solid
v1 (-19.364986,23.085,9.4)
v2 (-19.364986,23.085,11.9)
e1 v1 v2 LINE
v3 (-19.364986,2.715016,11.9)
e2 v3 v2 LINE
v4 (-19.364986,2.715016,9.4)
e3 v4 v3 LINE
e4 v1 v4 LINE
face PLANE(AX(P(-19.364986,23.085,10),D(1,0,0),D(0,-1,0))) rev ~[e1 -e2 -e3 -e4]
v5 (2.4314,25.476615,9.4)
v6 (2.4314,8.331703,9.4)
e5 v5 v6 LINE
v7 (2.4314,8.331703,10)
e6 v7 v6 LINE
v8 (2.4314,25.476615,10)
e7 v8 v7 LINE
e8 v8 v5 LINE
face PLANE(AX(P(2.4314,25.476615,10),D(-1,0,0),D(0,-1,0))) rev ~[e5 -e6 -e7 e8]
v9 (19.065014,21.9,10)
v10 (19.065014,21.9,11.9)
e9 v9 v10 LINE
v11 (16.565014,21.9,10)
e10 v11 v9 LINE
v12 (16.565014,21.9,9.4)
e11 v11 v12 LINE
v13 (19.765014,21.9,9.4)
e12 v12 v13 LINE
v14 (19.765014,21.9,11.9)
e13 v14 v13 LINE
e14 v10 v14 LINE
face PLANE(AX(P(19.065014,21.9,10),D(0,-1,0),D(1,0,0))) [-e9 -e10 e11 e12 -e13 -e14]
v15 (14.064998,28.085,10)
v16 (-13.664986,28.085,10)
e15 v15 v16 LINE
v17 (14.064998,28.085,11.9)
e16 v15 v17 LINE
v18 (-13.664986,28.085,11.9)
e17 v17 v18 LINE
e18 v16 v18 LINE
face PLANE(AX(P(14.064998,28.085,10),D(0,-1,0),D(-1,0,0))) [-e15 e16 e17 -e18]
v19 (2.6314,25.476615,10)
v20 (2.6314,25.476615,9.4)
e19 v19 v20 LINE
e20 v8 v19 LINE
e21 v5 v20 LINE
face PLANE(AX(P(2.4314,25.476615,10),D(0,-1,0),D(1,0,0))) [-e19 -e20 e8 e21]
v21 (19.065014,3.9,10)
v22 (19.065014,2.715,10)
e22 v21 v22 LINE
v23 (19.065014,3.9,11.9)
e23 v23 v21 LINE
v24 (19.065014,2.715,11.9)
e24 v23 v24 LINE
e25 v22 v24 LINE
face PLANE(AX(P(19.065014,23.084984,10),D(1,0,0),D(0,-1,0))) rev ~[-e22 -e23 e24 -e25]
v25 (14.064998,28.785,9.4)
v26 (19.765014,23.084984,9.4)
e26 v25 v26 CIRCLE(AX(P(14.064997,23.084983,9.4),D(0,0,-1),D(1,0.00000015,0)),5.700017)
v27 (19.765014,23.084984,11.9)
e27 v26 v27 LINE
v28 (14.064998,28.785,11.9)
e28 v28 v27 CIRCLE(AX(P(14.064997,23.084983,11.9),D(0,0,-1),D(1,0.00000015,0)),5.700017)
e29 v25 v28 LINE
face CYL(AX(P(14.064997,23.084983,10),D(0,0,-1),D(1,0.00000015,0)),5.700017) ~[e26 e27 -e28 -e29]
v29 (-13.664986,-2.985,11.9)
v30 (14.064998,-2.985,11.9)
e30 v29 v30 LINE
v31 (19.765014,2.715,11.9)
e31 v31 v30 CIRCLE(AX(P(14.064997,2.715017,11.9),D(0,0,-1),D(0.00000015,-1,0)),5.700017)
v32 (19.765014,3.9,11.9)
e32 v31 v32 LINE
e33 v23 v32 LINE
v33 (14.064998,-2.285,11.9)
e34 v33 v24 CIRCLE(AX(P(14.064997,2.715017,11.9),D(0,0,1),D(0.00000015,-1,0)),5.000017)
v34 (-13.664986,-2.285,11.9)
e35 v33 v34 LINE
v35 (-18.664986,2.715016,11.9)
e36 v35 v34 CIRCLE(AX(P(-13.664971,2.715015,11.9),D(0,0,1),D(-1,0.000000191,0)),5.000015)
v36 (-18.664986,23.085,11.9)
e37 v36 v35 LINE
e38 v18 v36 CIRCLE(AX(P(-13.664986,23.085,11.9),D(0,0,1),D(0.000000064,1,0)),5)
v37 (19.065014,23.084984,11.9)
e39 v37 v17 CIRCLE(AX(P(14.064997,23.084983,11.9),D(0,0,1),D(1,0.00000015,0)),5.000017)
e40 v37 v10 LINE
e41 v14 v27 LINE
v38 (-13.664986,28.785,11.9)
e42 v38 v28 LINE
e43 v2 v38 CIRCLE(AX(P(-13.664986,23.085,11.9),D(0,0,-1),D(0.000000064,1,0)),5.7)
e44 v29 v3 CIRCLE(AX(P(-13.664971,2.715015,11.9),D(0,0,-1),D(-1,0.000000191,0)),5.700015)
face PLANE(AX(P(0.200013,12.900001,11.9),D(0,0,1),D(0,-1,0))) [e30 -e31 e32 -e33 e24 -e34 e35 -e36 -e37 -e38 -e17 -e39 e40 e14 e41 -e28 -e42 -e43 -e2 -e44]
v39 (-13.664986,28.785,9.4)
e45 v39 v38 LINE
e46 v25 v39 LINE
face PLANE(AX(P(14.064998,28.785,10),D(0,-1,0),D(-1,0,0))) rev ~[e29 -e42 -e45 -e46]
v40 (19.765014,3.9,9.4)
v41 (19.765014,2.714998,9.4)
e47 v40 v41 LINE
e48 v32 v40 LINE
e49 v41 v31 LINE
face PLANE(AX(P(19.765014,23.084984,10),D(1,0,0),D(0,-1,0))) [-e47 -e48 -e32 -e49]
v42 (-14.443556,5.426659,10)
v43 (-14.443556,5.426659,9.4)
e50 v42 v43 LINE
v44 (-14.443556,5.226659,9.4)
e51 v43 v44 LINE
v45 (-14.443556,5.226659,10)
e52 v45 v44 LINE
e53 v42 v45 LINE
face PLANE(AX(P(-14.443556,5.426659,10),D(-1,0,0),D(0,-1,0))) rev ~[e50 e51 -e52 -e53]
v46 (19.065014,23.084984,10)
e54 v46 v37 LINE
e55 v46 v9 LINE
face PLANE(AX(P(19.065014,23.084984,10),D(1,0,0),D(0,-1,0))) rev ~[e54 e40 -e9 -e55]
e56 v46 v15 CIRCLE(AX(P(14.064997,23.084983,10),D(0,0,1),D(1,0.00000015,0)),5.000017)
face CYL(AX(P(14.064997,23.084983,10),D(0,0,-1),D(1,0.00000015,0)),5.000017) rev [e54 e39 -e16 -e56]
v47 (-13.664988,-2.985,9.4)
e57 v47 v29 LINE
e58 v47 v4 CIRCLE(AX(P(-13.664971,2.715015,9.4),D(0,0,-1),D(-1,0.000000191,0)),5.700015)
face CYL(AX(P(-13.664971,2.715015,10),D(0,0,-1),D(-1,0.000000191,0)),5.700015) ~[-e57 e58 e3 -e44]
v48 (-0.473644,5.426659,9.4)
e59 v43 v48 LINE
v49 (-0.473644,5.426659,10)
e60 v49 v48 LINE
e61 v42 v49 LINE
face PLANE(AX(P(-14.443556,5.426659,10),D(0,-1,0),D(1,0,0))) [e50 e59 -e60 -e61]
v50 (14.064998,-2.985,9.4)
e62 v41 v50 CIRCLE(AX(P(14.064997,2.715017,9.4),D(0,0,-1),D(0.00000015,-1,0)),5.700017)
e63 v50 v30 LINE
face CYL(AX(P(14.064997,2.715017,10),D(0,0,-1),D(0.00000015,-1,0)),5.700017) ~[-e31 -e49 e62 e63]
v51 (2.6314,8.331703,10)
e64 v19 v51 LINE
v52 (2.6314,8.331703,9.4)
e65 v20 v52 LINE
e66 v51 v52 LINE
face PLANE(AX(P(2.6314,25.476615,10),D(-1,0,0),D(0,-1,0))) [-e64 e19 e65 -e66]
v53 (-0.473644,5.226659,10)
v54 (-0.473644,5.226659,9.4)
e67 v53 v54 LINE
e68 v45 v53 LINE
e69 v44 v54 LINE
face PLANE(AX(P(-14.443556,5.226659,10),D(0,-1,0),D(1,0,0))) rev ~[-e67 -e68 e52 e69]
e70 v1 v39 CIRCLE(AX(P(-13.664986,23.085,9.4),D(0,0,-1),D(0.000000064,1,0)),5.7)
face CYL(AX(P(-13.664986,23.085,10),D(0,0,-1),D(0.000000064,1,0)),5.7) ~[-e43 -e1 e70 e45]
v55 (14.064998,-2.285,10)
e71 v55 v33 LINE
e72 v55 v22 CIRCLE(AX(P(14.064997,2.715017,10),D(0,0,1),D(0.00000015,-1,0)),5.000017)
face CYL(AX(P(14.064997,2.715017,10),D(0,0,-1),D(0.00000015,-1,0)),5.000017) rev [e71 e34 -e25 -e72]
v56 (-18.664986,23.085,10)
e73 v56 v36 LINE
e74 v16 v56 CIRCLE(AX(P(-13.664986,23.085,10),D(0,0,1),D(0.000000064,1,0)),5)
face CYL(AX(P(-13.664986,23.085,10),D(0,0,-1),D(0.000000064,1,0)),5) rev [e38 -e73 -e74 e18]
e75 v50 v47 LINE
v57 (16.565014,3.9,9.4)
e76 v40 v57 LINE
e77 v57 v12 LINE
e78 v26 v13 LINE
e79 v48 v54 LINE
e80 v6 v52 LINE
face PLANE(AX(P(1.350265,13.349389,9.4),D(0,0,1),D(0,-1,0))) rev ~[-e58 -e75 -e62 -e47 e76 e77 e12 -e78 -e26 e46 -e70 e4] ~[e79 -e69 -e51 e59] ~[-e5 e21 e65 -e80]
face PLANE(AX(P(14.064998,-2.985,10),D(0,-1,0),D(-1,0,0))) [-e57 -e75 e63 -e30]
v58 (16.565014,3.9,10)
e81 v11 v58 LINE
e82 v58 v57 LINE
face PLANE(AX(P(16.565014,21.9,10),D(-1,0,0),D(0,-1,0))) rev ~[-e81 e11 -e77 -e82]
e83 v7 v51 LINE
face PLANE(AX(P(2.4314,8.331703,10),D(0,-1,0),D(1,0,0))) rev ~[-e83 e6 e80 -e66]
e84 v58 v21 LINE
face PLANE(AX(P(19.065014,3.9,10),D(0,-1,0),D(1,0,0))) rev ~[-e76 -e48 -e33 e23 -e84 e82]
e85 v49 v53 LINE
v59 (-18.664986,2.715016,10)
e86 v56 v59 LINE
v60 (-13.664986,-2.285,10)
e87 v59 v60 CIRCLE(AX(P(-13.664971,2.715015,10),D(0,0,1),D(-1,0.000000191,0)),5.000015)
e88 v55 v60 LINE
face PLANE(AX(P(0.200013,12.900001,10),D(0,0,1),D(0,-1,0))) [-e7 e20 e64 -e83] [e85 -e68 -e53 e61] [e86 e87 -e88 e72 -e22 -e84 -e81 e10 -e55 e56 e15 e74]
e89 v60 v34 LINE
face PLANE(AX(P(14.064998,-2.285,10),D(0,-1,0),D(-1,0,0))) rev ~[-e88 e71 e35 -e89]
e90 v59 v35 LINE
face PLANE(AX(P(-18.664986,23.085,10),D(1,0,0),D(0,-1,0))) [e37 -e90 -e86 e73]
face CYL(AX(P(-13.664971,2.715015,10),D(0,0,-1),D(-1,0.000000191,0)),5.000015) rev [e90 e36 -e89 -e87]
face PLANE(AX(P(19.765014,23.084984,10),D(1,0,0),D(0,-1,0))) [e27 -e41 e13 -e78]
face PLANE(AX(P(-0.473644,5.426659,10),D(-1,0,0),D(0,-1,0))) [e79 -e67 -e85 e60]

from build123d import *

# Parameters (mm, degrees)
PAD_DEPTH            = 1.9
THICKNESS_T          = 0.7
SKETCH001_W          = 18
SKETCH001_H          = 3
POCKET_DEPTH         = 1
POCKET_DEPTH_BACK    = 5
POCKET001_START      = -0.6
SKETCH002_W          = 49.648089
SKETCH002_H          = 49.770681
POCKET001_DEPTH      = 1.4
SKETCH011_W          = 18
SKETCH011_H          = 0.8
POCKET005_DEPTH      = 2.5
SKETCH035_W          = 17.144912
SKETCH035_H          = 0.2
SKETCH035_W_2        = 0.2
SKETCH035_H_2        = 13.969912
POCKET015_DEPTH      = 5
BODY_PLACEMENT_ANGLE = 270


with BuildPart() as part:
    # Sketch → Pad (new body)
    with BuildSketch(Plane.XY):
        with BuildLine():
            Line((-15.185, 13.864998), (-15.185, -13.864986))
            ThreePointArc((-15.185, -13.864986), (-13.720534, -17.40052), (-10.185, -18.864986))
            Line((-10.185, -18.864986), (10.184984, -18.864986))
            ThreePointArc((10.184984, -18.864986), (13.720524, -17.400521), (15.185, -13.864986))
            Line((15.185, 13.864998), (15.185, -13.864986))
            ThreePointArc((15.185, 13.864998), (13.720535, 17.400537), (10.185, 18.865014))
            Line((-10.184984, 18.865014), (10.185, 18.865014))
            ThreePointArc((-10.184984, 18.865014), (-13.720529, 17.400543), (-15.185, 13.864998))
        make_face()
    extrude(amount=PAD_DEPTH)

    # Thickness
    thickness_openings = [part.faces().sort_by_distance(p)[0] for p in [
        (0, 1.3e-05, 1.9),
    ]]
    offset(amount=THICKNESS_T, openings=thickness_openings, kind=Kind.INTERSECTION)

    # Sketch001 → Pocket (cut, two sides)
    with BuildSketch(Plane.XY) as pocket_sk:
        with Locations((0, 17.865014)):
            Rectangle(SKETCH001_W, SKETCH001_H)
    extrude(amount=POCKET_DEPTH, mode=Mode.SUBTRACT)
    extrude(pocket_sk.sketch, amount=-POCKET_DEPTH_BACK, mode=Mode.SUBTRACT)

    # Sketch002 → Pocket001 (cut)
    with BuildSketch(Plane.XY.offset(POCKET001_START)):
        with Locations((-0.449389, 1.150265)):
            Rectangle(SKETCH002_W, SKETCH002_H)
    extrude(amount=-POCKET001_DEPTH, mode=Mode.SUBTRACT)

    # Sketch011 → Pocket005 (cut, symmetric)
    with BuildSketch(Plane.XY):
        with Locations((0, 19.265014)):
            Rectangle(SKETCH011_W, SKETCH011_H)
    extrude(amount=POCKET005_DEPTH, both=True, mode=Mode.SUBTRACT)

    # Sketch035 → Pocket015 (cut)
    with BuildSketch(Plane.XY):
        with Locations((-4.004159, 2.3314)):
            Rectangle(SKETCH035_W, SKETCH035_H)
        with Locations((7.573341, -7.6586)):
            Rectangle(SKETCH035_W_2, SKETCH035_H_2)
    extrude(amount=-POCKET015_DEPTH, mode=Mode.SUBTRACT)


with BuildPart() as part_1:
    # Body placement: moved
    add(part.part.moved(Location((0.2, 12.9, 10))).rotate(Axis((0.2, 12.9, 10), (0, 0, 1)), BODY_PLACEMENT_ANGLE))


solid = part_1.part
